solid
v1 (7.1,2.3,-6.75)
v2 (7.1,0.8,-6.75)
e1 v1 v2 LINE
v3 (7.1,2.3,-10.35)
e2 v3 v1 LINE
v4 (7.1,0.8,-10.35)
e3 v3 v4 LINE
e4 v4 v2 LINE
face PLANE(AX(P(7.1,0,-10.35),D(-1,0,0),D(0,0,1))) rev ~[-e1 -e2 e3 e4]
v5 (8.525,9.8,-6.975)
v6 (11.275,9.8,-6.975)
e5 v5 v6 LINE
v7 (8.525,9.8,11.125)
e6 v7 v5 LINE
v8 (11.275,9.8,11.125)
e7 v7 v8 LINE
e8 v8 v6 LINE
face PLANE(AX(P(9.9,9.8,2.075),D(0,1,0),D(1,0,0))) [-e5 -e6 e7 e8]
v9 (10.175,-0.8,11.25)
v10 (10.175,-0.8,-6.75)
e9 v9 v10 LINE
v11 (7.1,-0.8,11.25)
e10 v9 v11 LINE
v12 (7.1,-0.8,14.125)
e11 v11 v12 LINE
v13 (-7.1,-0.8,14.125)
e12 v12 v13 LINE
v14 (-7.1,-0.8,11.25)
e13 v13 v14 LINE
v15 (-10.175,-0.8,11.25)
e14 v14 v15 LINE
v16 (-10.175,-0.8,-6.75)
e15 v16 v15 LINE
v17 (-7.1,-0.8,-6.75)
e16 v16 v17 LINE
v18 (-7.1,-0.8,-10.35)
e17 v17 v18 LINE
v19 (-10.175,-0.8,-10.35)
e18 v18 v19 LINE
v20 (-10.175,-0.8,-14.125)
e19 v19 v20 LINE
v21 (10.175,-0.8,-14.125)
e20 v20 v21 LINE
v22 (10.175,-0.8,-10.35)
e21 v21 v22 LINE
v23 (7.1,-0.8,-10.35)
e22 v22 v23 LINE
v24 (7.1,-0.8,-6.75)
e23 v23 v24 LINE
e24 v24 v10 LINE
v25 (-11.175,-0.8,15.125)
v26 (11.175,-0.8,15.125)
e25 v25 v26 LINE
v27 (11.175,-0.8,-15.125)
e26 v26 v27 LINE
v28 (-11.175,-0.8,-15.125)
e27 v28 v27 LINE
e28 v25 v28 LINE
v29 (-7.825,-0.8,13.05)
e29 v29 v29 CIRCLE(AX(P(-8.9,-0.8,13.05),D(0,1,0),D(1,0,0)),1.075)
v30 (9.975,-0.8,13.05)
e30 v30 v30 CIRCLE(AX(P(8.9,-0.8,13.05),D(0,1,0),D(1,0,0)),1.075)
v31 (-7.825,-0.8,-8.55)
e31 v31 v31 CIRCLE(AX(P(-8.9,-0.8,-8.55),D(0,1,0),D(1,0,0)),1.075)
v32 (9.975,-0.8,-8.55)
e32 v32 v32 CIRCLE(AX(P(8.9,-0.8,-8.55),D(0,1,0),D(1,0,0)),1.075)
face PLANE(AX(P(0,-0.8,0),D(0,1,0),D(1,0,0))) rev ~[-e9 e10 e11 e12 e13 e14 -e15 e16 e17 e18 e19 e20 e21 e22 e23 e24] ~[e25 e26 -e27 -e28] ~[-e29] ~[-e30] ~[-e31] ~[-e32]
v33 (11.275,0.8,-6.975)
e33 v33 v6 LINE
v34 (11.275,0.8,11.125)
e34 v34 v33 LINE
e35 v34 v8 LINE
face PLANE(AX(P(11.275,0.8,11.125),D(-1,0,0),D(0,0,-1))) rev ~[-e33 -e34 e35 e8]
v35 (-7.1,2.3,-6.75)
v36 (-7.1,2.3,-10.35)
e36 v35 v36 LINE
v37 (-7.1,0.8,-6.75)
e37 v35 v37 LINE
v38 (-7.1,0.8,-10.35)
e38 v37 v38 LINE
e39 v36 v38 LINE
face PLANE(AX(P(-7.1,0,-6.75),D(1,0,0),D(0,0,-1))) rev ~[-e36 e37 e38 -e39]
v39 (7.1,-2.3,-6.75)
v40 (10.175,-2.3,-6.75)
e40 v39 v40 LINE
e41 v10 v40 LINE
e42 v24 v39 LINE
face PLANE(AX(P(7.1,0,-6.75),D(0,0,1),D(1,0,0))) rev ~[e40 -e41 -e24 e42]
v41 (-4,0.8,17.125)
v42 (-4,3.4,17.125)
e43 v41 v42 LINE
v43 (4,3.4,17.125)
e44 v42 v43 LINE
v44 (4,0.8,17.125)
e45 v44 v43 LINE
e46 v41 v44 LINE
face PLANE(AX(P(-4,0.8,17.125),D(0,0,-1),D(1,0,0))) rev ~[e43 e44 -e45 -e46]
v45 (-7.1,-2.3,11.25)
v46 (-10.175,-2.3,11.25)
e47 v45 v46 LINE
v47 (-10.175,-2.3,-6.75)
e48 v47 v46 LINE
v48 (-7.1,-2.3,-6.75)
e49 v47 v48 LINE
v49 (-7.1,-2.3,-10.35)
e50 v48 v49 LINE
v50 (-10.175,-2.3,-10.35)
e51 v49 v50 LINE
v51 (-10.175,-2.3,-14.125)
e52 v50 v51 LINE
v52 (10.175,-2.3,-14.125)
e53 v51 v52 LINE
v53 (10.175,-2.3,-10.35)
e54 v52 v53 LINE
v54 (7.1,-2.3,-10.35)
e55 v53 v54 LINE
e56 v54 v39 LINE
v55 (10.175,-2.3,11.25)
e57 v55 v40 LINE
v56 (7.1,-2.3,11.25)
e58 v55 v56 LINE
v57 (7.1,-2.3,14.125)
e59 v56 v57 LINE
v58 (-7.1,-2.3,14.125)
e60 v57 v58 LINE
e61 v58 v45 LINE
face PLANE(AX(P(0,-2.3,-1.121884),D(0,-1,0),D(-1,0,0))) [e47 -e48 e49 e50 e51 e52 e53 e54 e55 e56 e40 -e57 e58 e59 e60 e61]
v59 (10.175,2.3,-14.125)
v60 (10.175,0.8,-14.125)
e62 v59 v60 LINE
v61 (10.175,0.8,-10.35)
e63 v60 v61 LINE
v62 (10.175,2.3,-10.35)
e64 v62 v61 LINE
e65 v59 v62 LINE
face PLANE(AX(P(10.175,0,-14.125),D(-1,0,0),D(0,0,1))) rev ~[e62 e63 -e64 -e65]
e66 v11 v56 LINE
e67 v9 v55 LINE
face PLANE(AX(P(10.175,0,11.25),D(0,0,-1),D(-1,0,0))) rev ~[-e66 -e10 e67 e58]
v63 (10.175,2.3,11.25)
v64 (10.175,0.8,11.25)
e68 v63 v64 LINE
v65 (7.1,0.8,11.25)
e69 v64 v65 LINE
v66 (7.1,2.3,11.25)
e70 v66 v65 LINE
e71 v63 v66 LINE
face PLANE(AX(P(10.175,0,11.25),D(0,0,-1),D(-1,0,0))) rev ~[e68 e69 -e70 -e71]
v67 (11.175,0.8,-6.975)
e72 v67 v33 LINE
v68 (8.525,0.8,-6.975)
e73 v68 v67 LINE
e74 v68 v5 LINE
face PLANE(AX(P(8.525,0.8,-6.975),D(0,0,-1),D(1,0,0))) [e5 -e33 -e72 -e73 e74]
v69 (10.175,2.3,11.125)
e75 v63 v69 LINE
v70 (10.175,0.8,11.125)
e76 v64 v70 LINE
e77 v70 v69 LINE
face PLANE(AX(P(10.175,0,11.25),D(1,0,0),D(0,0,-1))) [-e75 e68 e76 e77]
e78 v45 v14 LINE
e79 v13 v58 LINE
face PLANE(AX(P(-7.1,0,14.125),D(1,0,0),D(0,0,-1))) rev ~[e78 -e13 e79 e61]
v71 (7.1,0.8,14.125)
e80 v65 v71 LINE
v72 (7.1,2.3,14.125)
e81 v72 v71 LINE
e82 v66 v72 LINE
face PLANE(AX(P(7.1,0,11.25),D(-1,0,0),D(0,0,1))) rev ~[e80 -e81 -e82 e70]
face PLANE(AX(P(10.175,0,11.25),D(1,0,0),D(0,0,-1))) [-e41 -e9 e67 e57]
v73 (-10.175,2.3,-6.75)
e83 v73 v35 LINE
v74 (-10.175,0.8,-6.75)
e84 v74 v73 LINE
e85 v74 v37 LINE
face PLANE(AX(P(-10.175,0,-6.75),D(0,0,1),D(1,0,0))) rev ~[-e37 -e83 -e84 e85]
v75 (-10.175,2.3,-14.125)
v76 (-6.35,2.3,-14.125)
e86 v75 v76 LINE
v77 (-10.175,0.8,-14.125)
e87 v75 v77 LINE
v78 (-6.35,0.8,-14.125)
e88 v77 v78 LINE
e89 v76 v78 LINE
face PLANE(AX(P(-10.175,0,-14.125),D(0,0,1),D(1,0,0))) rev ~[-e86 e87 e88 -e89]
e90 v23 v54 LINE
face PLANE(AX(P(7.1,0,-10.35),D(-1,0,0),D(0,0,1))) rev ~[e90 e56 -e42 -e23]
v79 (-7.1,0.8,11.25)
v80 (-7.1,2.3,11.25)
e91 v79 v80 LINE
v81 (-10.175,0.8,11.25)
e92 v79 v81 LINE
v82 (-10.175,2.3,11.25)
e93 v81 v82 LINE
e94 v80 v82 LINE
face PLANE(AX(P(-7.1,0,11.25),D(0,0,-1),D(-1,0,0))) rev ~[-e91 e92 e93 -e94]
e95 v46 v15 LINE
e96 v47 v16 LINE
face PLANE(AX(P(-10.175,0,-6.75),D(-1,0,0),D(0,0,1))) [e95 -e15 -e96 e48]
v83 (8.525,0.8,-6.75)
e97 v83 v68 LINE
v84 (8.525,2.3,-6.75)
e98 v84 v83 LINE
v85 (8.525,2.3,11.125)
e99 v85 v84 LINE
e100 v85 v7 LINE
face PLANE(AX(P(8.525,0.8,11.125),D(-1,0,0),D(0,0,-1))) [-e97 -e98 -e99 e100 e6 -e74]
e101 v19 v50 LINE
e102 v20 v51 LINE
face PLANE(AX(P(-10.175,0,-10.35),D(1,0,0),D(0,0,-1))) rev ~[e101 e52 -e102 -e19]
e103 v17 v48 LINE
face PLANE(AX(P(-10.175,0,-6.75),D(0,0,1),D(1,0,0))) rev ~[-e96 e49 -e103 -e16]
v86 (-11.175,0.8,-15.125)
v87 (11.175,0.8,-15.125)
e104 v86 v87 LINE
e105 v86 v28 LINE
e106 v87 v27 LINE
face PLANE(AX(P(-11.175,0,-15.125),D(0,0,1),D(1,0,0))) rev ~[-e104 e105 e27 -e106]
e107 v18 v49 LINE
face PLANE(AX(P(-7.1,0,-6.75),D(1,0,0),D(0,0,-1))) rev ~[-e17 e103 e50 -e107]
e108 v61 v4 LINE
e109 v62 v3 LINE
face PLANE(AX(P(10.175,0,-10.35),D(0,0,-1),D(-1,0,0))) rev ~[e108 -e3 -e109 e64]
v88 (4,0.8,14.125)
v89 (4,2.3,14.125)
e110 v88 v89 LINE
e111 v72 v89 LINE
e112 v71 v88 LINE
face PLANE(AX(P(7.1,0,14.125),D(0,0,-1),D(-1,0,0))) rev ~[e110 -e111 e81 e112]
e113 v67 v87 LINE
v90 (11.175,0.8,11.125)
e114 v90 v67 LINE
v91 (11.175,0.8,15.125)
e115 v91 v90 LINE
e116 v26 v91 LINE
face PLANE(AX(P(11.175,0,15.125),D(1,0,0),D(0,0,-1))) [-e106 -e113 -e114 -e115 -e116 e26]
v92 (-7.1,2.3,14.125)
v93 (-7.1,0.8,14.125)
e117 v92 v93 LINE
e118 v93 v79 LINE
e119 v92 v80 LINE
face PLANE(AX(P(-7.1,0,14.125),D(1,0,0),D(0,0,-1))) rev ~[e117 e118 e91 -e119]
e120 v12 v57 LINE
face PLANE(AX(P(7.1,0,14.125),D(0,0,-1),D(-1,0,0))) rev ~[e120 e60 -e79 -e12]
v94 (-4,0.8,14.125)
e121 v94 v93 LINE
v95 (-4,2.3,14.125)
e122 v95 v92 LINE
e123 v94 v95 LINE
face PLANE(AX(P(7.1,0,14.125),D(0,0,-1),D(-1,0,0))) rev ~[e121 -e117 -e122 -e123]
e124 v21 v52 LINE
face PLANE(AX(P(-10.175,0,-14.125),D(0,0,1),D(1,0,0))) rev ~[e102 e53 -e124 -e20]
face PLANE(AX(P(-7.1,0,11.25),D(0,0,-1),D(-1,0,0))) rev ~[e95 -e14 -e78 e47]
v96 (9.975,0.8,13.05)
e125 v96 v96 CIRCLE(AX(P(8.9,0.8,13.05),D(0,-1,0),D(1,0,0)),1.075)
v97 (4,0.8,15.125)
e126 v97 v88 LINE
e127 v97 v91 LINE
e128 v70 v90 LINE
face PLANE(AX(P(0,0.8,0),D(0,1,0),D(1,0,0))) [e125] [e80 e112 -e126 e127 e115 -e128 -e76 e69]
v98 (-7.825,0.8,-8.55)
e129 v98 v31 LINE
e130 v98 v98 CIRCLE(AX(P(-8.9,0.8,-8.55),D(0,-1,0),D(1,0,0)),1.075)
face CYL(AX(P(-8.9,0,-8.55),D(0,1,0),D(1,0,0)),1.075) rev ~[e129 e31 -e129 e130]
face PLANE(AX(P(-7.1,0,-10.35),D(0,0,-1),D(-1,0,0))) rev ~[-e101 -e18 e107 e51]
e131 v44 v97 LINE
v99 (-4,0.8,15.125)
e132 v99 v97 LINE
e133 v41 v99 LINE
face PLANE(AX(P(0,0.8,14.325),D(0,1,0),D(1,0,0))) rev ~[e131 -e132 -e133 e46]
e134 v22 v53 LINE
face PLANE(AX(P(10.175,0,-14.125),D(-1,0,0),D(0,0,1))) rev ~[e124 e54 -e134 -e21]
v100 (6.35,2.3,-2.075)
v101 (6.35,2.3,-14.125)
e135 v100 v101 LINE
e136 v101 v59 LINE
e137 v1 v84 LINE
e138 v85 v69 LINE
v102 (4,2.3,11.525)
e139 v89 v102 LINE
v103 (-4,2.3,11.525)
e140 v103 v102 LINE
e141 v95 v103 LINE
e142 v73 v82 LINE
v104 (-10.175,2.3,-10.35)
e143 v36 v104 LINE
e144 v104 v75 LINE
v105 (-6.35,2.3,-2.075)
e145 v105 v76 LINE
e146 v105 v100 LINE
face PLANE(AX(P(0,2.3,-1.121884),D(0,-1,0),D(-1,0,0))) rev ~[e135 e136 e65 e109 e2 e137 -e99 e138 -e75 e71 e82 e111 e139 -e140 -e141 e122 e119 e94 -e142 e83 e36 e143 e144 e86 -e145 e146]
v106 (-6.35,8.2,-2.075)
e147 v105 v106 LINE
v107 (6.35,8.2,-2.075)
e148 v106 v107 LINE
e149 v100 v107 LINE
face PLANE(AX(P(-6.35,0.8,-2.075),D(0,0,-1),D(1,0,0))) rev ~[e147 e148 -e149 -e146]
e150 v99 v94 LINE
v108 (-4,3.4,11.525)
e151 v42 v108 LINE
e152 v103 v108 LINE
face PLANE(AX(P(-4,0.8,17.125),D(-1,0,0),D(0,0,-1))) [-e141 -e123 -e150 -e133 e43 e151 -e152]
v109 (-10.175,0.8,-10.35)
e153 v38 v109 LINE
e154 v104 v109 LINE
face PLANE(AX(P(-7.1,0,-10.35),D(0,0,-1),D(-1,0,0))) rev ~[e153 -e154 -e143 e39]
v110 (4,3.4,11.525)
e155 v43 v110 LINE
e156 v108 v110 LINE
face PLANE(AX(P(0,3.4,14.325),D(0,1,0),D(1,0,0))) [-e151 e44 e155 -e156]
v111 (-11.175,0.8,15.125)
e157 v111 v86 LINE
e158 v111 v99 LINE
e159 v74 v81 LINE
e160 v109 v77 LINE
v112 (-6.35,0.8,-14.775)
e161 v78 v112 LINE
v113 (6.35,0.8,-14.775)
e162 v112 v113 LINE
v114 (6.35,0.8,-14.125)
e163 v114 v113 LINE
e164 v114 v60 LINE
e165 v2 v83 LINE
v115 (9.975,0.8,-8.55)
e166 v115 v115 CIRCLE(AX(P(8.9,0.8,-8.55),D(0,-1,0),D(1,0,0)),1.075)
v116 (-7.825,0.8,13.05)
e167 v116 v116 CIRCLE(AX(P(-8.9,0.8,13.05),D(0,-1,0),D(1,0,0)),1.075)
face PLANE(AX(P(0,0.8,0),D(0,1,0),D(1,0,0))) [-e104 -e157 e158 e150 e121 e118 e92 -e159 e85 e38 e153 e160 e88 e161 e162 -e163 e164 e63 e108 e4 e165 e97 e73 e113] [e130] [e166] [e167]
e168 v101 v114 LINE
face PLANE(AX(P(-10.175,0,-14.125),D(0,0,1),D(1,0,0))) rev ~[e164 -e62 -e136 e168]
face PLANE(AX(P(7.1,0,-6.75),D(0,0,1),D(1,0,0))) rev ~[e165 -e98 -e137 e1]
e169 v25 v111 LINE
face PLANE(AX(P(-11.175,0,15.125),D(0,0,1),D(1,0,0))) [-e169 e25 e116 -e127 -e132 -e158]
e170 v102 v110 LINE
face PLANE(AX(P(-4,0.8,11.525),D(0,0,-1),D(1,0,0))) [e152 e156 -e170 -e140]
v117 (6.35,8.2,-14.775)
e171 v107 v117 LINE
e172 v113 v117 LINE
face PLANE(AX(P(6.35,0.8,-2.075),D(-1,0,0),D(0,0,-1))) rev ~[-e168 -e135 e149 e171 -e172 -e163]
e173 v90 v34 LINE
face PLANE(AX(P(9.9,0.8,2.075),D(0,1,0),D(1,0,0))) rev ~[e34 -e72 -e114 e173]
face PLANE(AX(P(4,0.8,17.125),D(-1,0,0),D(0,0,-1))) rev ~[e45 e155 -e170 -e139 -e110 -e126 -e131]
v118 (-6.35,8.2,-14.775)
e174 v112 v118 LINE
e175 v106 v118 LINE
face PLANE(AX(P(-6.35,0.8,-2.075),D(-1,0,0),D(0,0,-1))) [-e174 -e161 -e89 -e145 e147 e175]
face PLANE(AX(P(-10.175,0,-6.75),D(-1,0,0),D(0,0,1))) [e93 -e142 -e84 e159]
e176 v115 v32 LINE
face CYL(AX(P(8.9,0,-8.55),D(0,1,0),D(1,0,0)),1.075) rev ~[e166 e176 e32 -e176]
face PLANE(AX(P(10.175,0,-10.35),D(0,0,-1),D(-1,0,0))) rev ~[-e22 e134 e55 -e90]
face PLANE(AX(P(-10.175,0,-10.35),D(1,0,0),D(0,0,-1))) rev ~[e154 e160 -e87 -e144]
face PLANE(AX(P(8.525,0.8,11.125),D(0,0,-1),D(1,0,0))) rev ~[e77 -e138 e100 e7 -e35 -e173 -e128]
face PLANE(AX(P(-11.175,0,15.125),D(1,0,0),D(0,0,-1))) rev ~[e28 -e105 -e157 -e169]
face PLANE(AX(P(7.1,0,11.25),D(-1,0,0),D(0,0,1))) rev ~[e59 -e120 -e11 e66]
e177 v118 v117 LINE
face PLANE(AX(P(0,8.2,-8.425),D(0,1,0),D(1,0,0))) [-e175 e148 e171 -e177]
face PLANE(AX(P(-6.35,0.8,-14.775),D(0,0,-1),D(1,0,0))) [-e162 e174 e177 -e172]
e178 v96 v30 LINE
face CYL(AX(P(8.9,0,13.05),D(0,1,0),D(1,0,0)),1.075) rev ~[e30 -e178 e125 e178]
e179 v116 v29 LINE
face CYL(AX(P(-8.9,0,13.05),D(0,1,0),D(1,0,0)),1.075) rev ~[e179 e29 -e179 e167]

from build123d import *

# Parameters (mm, degrees)
SKETCH1_W               = 22.35
SKETCH1_H               = 30.25
BOSS_EXTRUDE1_DEPTH     = 0.8
SKETCH2_R               = 1.075
CUT_EXTRUDE1_DEPTH      = 1.8
CUT_EXTRUDE1_DEPTH_BACK = 1.8
BOSS_EXTRUDE2_DEPTH     = 2.3
SKETCH4_W               = 8
SKETCH4_H               = 5.6
BOSS_EXTRUDE3_DEPTH     = 2.6
SKETCH5_W               = 12.7
SKETCH5_H               = 12.7
BOSS_EXTRUDE4_DEPTH     = 7.4
SKETCH6_W               = 2.75
SKETCH6_H               = 18.1
BOSS_EXTRUDE5_DEPTH     = 9


with BuildPart() as part:
    # Sketch1 → Boss-Extrude1 (new body, symmetric)
    with BuildSketch(Plane(origin=(0, 0, 0), x_dir=(1, 0, 0), z_dir=(0, 1, 0))):
        Rectangle(SKETCH1_W, SKETCH1_H)
    extrude(amount=BOSS_EXTRUDE1_DEPTH, both=True)

    # Sketch2 → Cut-Extrude1 (cut, two sides)
    with BuildSketch(Plane(origin=(0, 0, 0), x_dir=(1, 0, 0), z_dir=(0, 1, 0))) as cut_extrude1_sk:
        with Locations((8.9, 8.55)):
            Circle(SKETCH2_R)
        with Locations((8.9, -13.05)):
            Circle(SKETCH2_R)
        with Locations((-8.9, 8.55)):
            Circle(SKETCH2_R)
        with Locations((-8.9, -13.05)):
            Circle(SKETCH2_R)
    extrude(amount=CUT_EXTRUDE1_DEPTH, mode=Mode.SUBTRACT)
    extrude(cut_extrude1_sk.sketch, amount=-CUT_EXTRUDE1_DEPTH_BACK, mode=Mode.SUBTRACT)

    # Sketch3 → Boss-Extrude2 (add, symmetric)
    with BuildSketch(Plane(origin=(0, 0, 0), x_dir=(1, 0, 0), z_dir=(0, 1, 0))):
        Polygon((-10.175, 6.75), (-7.1, 6.75), (-7.1, 10.35), (-10.175, 10.35), (-10.175, 14.125), (10.175, 14.125), (10.175, 10.35), (7.1, 10.35), (7.1, 6.75), (10.175, 6.75), (10.175, -2.25), (10.175, -11.25), (7.1, -11.25), (7.1, -14.125), (-7.1, -14.125), (-7.1, -11.25), (-10.175, -11.25), (-10.175, -2.25), align=None)
    extrude(amount=BOSS_EXTRUDE2_DEPTH, both=True)

    # Sketch4 → Boss-Extrude3 (add)
    with BuildSketch(Plane(origin=(0, 0.8, 0), x_dir=(1, 0, 0), z_dir=(0, 1, 0))):
        with Locations((0, -14.325)):
            Rectangle(SKETCH4_W, SKETCH4_H)
    extrude(amount=BOSS_EXTRUDE3_DEPTH)

    # Sketch5 → Boss-Extrude4 (add)
    with BuildSketch(Plane(origin=(0, 0.8, 0), x_dir=(1, 0, 0), z_dir=(0, 1, 0))):
        with Locations((0, 8.425)):
            Rectangle(SKETCH5_W, SKETCH5_H)
    extrude(amount=BOSS_EXTRUDE4_DEPTH)

    # Sketch6 → Boss-Extrude5 (add)
    with BuildSketch(Plane(origin=(0, 0.8, 0), x_dir=(1, 0, 0), z_dir=(0, 1, 0))):
        with Locations((9.9, -2.075)):
            Rectangle(SKETCH6_W, SKETCH6_H)
    extrude(amount=BOSS_EXTRUDE5_DEPTH)


solid = part.part
